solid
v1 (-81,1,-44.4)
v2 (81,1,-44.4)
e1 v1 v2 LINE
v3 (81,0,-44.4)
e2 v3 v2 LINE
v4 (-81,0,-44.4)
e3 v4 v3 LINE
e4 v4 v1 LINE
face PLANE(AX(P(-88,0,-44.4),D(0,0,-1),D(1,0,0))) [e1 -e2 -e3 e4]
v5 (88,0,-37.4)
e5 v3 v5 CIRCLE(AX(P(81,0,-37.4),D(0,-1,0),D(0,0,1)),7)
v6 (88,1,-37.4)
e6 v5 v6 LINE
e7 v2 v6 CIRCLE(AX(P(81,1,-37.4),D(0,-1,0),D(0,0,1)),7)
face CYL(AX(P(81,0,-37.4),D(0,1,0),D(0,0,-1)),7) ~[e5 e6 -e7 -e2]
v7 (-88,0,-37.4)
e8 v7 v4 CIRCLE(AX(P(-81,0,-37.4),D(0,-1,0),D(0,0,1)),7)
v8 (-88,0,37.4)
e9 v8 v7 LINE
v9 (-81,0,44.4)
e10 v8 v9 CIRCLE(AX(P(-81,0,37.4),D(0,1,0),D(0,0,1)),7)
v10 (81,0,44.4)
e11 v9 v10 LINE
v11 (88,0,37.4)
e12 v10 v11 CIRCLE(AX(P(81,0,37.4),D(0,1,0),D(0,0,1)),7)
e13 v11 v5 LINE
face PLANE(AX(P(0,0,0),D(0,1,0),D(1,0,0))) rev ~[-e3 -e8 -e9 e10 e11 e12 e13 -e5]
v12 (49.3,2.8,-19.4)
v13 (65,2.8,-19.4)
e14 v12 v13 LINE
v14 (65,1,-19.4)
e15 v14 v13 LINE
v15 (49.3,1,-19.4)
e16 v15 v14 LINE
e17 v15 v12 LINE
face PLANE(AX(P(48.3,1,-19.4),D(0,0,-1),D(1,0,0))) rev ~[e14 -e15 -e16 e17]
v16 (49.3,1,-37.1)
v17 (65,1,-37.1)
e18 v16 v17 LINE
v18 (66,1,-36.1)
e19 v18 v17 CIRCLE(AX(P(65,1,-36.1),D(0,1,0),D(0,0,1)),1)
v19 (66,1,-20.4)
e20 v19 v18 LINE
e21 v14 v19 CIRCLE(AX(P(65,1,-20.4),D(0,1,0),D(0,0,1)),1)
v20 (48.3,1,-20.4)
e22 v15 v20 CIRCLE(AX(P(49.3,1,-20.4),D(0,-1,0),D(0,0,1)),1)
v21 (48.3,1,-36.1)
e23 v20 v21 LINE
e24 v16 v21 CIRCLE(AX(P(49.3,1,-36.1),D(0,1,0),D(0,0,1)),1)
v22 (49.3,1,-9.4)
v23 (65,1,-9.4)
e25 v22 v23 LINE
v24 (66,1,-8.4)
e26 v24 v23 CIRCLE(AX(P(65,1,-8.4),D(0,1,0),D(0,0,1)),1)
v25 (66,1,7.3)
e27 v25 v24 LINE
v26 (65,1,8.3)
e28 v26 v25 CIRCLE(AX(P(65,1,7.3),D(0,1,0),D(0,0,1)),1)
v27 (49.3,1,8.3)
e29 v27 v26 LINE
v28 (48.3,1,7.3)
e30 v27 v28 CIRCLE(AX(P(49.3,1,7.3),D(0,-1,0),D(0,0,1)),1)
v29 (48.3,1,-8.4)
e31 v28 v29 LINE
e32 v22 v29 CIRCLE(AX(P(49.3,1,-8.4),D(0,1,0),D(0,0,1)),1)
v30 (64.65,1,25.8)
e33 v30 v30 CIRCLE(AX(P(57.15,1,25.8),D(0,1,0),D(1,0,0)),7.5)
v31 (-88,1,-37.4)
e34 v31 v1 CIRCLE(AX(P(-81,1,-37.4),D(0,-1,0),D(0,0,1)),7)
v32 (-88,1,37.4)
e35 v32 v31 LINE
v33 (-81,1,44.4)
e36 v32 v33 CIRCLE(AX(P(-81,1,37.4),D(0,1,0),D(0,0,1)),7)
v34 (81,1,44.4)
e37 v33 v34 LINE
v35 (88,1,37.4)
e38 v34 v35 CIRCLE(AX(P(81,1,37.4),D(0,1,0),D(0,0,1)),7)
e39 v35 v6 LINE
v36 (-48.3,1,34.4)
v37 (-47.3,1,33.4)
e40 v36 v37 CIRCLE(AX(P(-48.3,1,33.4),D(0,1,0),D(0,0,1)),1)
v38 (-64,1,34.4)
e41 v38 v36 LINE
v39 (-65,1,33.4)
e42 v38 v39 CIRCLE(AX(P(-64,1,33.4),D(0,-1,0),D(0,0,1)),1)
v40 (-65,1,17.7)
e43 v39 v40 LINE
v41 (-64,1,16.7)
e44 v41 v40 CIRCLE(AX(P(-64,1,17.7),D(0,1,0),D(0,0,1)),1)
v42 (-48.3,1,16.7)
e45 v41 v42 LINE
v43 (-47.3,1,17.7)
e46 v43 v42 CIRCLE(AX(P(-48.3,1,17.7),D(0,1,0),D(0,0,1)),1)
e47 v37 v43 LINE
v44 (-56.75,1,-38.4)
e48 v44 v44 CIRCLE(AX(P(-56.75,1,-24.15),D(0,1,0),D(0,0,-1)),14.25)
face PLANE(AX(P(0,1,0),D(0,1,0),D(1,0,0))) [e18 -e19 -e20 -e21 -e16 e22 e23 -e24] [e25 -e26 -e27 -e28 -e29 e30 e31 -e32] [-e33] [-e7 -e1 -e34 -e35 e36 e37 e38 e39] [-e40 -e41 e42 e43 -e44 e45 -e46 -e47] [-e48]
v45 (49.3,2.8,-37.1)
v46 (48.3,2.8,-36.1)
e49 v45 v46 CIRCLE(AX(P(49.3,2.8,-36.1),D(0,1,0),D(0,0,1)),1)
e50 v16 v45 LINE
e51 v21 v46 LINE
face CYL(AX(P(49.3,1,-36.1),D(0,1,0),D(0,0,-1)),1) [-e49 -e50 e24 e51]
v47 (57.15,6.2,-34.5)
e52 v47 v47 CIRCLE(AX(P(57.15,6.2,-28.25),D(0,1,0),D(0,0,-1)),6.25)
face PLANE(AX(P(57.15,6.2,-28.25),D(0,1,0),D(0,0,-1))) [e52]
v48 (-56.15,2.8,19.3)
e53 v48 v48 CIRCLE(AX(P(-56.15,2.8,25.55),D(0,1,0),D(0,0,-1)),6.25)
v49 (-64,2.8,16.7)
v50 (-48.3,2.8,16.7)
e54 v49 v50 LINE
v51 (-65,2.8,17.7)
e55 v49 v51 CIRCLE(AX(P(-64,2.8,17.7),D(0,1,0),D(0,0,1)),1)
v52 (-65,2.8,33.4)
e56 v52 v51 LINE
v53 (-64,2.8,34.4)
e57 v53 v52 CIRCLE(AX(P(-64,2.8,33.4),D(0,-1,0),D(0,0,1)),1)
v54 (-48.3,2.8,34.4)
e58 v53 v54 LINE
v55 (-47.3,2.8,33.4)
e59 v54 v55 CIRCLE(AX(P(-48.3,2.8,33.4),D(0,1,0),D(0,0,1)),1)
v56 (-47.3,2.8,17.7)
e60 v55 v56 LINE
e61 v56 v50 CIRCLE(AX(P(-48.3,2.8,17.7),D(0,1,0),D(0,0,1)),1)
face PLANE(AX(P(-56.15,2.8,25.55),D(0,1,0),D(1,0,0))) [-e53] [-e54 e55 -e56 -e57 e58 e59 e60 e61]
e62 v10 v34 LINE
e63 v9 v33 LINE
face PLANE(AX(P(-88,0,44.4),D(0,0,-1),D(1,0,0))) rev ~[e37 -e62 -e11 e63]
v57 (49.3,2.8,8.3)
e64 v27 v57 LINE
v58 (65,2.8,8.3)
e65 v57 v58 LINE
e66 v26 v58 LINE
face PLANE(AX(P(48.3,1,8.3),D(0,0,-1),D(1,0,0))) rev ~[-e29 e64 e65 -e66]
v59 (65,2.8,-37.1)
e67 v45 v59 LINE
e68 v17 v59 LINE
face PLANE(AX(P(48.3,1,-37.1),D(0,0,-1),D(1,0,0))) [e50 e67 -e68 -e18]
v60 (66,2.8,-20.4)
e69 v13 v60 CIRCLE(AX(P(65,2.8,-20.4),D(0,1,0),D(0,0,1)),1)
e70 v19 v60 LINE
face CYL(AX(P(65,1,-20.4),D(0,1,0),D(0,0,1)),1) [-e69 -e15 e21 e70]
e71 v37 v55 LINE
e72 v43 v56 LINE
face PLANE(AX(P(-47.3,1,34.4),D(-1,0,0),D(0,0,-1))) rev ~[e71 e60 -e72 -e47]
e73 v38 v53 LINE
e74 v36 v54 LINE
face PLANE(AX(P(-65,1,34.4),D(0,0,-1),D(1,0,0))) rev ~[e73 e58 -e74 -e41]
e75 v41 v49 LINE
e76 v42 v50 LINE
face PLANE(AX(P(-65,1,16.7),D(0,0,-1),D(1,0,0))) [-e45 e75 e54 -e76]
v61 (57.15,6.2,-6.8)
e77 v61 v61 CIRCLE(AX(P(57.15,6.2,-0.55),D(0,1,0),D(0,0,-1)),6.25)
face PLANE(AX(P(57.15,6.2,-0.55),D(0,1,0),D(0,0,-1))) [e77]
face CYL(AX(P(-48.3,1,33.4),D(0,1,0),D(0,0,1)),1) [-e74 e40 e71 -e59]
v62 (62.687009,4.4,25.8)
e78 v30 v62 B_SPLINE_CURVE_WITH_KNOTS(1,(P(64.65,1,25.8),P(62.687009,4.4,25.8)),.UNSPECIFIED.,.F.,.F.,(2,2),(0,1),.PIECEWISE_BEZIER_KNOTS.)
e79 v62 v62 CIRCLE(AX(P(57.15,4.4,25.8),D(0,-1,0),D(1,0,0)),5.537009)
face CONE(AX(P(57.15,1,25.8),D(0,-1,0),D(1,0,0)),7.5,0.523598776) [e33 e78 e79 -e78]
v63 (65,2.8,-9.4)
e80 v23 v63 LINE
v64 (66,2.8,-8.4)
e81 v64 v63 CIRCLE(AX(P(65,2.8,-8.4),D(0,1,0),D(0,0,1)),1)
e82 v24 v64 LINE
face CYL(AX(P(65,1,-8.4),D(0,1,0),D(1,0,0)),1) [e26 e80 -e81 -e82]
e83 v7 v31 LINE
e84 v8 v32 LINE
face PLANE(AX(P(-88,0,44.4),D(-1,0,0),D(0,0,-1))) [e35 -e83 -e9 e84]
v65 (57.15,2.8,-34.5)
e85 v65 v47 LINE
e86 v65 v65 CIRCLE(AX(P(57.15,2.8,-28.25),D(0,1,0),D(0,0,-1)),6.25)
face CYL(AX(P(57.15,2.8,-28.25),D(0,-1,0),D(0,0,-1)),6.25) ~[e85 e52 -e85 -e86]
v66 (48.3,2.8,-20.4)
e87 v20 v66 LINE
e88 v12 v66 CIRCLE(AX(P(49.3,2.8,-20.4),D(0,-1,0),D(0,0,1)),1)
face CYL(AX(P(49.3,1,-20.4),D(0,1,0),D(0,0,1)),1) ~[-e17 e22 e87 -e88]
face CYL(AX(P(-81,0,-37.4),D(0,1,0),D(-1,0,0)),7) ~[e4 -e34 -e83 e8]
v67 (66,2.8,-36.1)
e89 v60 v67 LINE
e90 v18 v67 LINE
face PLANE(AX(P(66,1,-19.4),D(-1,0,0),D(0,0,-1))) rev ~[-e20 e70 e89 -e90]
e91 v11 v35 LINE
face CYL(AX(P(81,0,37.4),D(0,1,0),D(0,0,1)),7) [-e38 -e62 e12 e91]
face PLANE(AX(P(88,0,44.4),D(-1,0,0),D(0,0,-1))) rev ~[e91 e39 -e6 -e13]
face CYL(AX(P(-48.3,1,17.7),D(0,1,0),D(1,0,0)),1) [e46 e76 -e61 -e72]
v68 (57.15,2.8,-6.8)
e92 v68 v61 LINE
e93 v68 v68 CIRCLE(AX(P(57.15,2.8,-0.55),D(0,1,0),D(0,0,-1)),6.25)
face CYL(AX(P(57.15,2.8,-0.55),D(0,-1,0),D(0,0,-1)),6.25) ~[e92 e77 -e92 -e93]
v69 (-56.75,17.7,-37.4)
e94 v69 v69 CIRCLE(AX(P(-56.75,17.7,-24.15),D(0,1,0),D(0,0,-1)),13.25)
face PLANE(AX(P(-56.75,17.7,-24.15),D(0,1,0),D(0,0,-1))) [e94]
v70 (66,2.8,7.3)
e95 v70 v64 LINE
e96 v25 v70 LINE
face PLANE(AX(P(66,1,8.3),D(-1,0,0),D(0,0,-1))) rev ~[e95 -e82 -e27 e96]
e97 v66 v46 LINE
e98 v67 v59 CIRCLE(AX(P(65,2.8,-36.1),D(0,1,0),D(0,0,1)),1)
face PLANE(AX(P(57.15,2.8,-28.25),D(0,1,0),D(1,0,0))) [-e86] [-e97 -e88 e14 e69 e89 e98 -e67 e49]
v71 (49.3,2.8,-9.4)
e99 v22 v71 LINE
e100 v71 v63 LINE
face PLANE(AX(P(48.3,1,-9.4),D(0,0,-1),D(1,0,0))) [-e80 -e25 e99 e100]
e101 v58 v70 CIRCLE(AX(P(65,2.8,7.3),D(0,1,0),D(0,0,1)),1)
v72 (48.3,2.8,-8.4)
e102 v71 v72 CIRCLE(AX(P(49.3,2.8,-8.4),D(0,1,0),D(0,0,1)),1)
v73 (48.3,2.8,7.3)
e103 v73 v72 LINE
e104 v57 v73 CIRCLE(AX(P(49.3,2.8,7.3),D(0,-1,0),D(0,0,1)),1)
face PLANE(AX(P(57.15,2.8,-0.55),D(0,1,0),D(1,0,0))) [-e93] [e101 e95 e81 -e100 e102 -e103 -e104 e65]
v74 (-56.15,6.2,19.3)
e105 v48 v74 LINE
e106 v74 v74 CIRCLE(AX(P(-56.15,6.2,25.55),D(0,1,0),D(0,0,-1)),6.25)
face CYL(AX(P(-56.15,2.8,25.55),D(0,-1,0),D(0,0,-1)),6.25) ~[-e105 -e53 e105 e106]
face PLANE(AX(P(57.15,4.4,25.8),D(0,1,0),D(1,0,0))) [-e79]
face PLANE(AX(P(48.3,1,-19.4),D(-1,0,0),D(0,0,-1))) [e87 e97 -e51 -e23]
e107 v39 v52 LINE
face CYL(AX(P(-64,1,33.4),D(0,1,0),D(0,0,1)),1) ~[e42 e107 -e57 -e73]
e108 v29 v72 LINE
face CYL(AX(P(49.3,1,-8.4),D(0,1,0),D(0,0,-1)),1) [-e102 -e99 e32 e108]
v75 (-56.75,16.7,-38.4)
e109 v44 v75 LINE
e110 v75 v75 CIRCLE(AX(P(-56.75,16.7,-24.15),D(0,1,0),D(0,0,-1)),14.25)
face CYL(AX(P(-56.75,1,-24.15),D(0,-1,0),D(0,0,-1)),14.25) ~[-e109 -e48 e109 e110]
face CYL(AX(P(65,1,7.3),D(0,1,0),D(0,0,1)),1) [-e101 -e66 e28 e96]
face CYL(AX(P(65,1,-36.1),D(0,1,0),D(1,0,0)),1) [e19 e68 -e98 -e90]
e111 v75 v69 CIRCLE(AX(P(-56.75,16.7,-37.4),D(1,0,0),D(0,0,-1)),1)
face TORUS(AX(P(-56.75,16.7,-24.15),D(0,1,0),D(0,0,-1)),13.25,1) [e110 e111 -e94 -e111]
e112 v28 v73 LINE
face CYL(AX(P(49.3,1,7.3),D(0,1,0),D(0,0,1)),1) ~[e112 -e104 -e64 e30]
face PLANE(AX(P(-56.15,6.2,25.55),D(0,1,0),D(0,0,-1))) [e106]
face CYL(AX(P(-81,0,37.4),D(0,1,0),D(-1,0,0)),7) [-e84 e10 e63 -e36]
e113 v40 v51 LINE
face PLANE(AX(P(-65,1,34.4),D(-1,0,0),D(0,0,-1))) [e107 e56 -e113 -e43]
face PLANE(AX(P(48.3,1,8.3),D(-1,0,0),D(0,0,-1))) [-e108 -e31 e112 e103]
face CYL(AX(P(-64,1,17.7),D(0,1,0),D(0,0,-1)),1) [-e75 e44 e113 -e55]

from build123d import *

# Parameters (mm, degrees)
SKETCH1_W           = 176
SKETCH1_H           = 88.8
BOSS_EXTRUDE1_DEPTH = 1
SKETCH2_R           = 14.25
BOSS_EXTRUDE2_DEPTH = 16.7
FILLET1_R           = 1
SKETCH3_W           = 17.7
SKETCH3_H           = 17.7
BOSS_EXTRUDE3_DEPTH = 1.8
FILLET2_R           = 1
FILLET3_R           = 7
SKETCH4_R           = 6.25
BOSS_EXTRUDE4_DEPTH = 3.4
SKETCH7_R           = 7.5
BOSS_EXTRUDE5_DEPTH = 3.4
BOSS_EXTRUDE5_TAPER = 30


with BuildPart() as part:
    # Sketch1 → Boss-Extrude1 (new body)
    with BuildSketch(Plane(origin=(0, 0, 0), x_dir=(1, 0, 0), z_dir=(0, 1, 0))):
        Rectangle(SKETCH1_W, SKETCH1_H)
    extrude(amount=BOSS_EXTRUDE1_DEPTH)

    # Sketch2 → Boss-Extrude2 (add)
    with BuildSketch(Plane(origin=(0, 1, 0), x_dir=(1, 0, 0), z_dir=(0, 1, 0))):
        with Locations(Location((-56.75, 24.15, 0), (0, 0, 90))):
            Circle(SKETCH2_R)
    extrude(amount=BOSS_EXTRUDE2_DEPTH)

    # Fillet1
    fillet1_edges = [part.edges().sort_by_distance(p)[0] for p in [
        (-56.75, 17.7, -9.9),
    ]]
    fillet(fillet1_edges, radius=FILLET1_R)

    # Sketch3 → Boss-Extrude3 (add)
    with BuildSketch(Plane(origin=(0, 1, 0), x_dir=(1, 0, 0), z_dir=(0, 1, 0))):
        with Locations((-56.15, -25.55)):
            Rectangle(SKETCH3_W, SKETCH3_H)
        with Locations((57.15, 28.25)):
            Rectangle(SKETCH3_W, SKETCH3_H)
        with Locations((57.15, 0.55)):
            Rectangle(SKETCH3_W, SKETCH3_H)
    extrude(amount=BOSS_EXTRUDE3_DEPTH)

    # Fillet2
    fillet2_edges = [part.edges().sort_by_distance(p)[0] for p in [
        (-47.3, 1.9, 34.4),
        (-47.3, 1.9, 16.7),
        (-65, 1.9, 16.7),
        (-65, 1.9, 34.4),
        (66, 1.9, -19.4),
        (66, 1.9, -37.1),
        (48.3, 1.9, -37.1),
        (48.3, 1.9, -19.4),
        (66, 1.9, 8.3),
        (66, 1.9, -9.4),
        (48.3, 1.9, -9.4),
        (48.3, 1.9, 8.3),
    ]]
    fillet(fillet2_edges, radius=FILLET2_R)

    # Fillet3
    fillet3_edges = [part.edges().sort_by_distance(p)[0] for p in [
        (88, 0.5, 44.4),
        (-88, 0.5, 44.4),
        (-88, 0.5, -44.4),
        (88, 0.5, -44.4),
    ]]
    fillet(fillet3_edges, radius=FILLET3_R)

    # Sketch4 → Boss-Extrude4 (add)
    with BuildSketch(Plane(origin=(0, 2.8, 0), x_dir=(1, 0, 0), z_dir=(0, 1, 0))):
        with Locations(Location((-56.15, -25.55, 0), (0, 0, 90))):
            Circle(SKETCH4_R)
        with Locations(Location((57.15, 28.25, 0), (0, 0, 90))):
            Circle(SKETCH4_R)
        with Locations(Location((57.15, 0.55, 0), (0, 0, 90))):
            Circle(SKETCH4_R)
    extrude(amount=BOSS_EXTRUDE4_DEPTH)

    # Sketch7 → Boss-Extrude5 (add)
    with BuildSketch(Plane(origin=(0, 1, 0), x_dir=(1, 0, 0), z_dir=(0, 1, 0))):
        with Locations((57.15, -25.8)):
            Circle(SKETCH7_R)
    extrude(amount=BOSS_EXTRUDE5_DEPTH, taper=BOSS_EXTRUDE5_TAPER)


solid = part.part
